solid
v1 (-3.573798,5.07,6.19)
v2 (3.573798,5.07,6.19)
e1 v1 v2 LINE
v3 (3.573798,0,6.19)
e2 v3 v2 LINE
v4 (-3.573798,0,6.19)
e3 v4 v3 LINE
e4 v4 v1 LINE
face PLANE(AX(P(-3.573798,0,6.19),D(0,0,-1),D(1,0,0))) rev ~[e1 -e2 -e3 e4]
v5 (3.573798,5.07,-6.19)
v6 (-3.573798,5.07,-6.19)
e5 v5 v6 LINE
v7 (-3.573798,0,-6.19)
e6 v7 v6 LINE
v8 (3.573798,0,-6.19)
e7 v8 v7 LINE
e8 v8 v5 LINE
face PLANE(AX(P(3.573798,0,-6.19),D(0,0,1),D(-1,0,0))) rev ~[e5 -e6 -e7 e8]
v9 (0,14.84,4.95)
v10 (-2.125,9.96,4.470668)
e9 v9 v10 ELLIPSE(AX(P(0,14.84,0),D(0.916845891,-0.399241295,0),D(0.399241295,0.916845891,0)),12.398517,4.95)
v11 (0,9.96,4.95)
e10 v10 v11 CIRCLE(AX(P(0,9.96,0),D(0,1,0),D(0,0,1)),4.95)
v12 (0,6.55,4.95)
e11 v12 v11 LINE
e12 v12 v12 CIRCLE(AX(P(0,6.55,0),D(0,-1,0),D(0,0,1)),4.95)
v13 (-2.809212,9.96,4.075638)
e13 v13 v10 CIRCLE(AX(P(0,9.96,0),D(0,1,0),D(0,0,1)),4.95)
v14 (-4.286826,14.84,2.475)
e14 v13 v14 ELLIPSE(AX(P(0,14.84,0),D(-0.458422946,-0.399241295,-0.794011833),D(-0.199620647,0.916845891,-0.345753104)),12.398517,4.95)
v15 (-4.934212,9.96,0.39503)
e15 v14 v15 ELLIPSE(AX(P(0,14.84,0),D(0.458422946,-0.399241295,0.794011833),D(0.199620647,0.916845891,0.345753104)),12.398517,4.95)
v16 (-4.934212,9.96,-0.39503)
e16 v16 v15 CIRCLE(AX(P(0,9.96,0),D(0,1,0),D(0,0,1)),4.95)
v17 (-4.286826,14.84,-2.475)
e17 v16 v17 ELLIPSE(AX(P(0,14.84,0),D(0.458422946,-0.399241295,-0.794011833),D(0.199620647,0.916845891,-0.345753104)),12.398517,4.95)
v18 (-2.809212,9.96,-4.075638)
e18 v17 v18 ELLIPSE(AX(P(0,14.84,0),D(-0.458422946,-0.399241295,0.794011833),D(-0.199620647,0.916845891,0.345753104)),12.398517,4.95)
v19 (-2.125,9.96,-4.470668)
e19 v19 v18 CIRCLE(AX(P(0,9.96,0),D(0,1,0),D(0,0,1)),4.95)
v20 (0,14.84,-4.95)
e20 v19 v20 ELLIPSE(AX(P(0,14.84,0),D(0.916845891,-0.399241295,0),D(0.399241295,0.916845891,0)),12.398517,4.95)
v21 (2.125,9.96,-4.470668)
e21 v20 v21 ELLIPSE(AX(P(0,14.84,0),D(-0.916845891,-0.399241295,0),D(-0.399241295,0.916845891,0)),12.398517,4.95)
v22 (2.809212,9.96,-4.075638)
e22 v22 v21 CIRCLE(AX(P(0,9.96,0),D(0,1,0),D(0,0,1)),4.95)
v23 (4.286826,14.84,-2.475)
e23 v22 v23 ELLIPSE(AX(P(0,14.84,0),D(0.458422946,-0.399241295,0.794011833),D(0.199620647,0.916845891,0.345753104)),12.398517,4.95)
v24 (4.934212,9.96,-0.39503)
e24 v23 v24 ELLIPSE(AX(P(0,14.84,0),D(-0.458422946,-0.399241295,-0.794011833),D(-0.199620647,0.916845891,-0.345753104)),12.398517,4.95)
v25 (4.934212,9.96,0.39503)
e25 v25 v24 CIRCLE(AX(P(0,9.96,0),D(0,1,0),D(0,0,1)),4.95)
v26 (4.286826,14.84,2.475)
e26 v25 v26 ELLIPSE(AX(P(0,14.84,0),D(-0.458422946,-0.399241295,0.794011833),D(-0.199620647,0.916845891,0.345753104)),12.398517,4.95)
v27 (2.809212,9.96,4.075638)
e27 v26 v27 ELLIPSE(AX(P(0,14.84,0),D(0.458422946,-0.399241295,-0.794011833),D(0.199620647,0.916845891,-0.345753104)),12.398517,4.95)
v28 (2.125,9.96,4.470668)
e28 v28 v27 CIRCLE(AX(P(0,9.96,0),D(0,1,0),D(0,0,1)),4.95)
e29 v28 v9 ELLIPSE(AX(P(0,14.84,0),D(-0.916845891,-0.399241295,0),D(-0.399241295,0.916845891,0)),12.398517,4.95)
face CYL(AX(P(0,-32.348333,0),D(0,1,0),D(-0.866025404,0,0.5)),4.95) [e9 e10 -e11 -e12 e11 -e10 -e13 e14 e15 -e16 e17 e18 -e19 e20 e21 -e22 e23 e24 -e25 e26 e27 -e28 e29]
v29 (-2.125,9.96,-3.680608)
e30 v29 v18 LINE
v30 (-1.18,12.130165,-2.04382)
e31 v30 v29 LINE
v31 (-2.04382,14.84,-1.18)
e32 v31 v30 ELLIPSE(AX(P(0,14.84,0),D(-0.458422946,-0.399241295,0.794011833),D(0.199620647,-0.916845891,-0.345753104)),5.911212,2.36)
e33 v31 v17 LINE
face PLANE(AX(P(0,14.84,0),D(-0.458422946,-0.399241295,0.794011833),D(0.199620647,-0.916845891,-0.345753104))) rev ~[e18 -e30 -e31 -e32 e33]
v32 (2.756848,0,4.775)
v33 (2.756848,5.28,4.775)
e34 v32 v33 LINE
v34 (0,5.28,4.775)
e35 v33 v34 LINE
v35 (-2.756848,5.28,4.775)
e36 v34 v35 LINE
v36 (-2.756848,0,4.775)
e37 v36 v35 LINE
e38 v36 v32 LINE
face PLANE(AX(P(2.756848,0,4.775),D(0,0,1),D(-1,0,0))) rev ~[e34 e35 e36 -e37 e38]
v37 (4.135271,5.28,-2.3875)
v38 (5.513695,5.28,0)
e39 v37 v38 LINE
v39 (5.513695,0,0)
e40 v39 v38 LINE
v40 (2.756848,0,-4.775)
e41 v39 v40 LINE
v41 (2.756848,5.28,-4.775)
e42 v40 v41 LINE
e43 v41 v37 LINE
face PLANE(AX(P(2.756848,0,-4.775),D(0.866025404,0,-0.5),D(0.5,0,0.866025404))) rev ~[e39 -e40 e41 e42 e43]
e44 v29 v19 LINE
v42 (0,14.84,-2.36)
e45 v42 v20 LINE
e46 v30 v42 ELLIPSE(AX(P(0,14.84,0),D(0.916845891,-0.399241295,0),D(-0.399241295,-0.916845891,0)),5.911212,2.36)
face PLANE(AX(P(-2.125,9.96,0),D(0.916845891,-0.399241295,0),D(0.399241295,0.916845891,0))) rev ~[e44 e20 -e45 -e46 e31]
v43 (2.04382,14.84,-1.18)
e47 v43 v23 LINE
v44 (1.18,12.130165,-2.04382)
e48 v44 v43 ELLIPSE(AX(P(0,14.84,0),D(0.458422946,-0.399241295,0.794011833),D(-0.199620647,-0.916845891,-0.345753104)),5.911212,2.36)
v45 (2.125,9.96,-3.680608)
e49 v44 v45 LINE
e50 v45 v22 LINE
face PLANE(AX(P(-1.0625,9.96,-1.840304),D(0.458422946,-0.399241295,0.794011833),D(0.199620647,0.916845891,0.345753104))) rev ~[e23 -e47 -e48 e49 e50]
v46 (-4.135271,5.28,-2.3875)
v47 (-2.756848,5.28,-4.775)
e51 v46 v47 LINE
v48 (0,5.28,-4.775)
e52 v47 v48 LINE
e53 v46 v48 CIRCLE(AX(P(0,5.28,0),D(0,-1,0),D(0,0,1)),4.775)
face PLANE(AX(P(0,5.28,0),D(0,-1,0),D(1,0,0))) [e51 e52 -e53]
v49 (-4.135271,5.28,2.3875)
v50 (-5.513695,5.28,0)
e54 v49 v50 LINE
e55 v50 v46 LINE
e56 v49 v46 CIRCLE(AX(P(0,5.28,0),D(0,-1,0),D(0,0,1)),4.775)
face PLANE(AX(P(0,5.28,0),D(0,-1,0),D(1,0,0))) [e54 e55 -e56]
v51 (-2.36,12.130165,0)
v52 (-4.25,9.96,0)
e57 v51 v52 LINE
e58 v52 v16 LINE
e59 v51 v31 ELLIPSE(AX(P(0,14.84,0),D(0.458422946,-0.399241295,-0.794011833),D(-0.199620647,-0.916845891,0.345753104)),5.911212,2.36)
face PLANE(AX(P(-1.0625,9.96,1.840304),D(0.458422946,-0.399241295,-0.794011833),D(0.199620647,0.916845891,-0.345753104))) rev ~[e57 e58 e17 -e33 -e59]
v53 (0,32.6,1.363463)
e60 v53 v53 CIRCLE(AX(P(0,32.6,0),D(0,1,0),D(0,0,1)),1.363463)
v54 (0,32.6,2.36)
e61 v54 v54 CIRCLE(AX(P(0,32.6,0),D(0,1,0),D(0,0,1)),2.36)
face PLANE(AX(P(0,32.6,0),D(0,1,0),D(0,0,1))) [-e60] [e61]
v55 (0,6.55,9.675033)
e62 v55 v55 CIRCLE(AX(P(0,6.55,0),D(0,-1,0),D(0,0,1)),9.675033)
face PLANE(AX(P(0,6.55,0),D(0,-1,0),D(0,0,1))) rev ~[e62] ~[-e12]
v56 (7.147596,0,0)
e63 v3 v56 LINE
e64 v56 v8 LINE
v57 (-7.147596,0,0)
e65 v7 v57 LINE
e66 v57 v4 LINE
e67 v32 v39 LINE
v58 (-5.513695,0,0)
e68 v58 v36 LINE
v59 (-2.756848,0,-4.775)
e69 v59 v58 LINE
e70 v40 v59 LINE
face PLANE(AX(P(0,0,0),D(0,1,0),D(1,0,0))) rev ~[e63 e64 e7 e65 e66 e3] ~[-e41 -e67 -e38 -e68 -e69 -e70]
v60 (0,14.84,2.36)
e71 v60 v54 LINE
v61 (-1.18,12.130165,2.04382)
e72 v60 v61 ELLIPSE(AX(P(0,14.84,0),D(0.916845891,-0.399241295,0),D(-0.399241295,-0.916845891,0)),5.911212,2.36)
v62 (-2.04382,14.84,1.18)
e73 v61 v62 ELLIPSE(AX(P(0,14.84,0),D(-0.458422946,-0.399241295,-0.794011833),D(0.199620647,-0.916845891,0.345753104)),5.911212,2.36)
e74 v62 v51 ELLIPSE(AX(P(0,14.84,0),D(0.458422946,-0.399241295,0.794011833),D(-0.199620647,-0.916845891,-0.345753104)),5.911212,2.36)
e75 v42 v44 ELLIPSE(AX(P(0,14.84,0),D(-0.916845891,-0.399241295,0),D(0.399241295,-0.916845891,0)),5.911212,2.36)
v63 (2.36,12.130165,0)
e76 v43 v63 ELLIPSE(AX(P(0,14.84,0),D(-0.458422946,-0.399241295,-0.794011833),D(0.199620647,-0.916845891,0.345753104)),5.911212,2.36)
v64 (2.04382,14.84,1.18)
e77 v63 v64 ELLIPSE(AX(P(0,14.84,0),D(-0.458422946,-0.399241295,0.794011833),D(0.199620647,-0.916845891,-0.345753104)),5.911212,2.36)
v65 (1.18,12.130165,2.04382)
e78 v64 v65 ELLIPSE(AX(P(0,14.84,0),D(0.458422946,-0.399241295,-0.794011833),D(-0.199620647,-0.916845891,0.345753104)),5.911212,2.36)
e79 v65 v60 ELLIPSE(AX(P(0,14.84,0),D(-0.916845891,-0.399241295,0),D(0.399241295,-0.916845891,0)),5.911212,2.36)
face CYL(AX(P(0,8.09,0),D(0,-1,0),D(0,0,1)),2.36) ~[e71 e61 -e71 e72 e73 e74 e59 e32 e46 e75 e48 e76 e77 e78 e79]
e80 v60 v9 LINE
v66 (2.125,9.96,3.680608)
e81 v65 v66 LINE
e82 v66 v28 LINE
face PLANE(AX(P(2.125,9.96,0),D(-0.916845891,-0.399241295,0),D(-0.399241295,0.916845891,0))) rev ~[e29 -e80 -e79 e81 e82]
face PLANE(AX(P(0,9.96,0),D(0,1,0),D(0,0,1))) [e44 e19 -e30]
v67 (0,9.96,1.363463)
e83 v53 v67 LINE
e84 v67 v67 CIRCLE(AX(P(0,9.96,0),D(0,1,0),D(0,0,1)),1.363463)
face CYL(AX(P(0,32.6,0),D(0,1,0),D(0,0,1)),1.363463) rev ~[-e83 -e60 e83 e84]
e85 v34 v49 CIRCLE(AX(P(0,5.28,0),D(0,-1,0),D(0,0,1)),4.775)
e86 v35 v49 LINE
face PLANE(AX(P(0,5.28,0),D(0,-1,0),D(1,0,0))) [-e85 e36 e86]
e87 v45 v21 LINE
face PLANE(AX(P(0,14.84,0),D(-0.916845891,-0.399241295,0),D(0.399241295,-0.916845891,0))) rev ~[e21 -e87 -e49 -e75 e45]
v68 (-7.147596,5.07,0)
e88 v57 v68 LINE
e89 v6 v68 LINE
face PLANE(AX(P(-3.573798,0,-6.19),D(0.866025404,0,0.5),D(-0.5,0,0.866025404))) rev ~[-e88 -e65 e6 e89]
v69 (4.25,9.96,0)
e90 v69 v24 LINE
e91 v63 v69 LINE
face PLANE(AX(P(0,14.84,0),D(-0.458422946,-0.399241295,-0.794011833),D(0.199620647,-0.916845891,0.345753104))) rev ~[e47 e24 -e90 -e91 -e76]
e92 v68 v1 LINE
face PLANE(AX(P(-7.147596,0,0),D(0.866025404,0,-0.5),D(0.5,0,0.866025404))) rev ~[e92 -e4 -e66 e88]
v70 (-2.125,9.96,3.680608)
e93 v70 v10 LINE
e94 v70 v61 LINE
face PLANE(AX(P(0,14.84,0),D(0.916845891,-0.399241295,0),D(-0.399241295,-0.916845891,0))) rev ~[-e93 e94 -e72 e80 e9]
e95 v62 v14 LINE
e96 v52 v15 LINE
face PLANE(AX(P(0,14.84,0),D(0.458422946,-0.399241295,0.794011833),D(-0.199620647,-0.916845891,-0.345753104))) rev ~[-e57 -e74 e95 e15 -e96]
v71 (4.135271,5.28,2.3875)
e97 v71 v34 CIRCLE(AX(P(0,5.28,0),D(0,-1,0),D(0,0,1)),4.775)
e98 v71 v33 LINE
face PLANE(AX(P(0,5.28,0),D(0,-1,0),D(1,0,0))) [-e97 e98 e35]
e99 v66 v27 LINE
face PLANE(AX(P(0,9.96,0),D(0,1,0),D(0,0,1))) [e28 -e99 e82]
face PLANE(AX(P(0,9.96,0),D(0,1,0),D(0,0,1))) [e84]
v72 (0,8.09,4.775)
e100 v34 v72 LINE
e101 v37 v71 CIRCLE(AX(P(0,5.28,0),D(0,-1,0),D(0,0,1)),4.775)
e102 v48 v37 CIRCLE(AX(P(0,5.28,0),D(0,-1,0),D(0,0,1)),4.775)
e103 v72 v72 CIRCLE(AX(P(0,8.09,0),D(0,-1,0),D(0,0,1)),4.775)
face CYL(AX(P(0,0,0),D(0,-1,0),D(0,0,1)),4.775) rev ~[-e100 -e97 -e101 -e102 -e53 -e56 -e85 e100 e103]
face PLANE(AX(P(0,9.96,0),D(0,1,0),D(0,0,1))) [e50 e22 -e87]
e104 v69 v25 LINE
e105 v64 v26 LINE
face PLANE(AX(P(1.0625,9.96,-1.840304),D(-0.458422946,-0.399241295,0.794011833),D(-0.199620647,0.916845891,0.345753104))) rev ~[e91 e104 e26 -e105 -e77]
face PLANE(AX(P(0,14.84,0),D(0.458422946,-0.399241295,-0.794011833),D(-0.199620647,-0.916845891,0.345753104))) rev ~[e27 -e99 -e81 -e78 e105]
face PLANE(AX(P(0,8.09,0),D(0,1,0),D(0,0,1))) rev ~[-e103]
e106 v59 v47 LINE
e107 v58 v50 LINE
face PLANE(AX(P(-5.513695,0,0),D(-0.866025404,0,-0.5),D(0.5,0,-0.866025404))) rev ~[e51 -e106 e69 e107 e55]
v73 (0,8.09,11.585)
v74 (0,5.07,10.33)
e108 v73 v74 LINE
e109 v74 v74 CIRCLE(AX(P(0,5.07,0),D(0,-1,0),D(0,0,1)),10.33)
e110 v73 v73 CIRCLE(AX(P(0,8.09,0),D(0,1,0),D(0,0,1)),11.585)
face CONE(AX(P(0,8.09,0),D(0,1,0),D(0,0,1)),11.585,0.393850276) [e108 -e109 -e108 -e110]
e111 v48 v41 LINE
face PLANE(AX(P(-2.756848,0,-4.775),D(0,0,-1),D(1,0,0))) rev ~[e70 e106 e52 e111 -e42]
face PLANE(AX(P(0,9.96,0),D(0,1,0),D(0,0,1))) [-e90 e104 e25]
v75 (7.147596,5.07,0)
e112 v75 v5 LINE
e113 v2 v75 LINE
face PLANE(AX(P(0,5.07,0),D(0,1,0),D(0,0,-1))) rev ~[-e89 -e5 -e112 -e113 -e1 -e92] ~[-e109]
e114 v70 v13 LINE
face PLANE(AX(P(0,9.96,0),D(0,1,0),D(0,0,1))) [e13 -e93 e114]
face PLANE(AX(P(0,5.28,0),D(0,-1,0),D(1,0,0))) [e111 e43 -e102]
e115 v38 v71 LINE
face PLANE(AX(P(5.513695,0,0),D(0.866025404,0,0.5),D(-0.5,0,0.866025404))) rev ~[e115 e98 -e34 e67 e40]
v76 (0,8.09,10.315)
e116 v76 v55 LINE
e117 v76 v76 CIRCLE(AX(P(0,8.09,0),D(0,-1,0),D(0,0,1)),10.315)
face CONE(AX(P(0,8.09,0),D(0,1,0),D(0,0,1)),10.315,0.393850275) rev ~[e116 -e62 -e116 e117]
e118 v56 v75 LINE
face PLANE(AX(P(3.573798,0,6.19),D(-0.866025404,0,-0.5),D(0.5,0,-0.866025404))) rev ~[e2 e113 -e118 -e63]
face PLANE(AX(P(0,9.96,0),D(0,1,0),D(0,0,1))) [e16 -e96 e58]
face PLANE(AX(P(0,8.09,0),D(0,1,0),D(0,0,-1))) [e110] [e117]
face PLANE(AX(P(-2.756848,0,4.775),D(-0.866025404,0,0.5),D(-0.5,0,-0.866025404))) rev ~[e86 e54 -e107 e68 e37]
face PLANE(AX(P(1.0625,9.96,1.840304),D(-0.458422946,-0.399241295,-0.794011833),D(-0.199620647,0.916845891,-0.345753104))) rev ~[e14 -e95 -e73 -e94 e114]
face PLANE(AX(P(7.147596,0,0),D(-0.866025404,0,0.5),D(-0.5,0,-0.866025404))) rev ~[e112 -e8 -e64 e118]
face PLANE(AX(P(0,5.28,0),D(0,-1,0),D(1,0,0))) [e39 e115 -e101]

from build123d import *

# Parameters (mm, degrees)
BOSS_EXTRUDE1_DEPTH      = 5.07
SKETCH2_R                = 11.585
BOSS_EXTRUDE2_DEPTH      = 3.02
CUT_EXTRUDE3_DEPTH       = 5.28
SKETCH12_R               = 4.775
CUT_EXTRUDE4_DEPTH       = 8.48
SKETCH14_R               = 2.36
BOSS_EXTRUDE5_DEPTH      = 24.51
SKETCH15_R               = 4.95
BOSS_EXTRUDE6_DEPTH      = 1.87
BOSS_EXTRUDE7_REACH      = 38.485
BOSS_EXTRUDE7_END_RADIUS = 4.95
CIRPATTERN2_COUNT        = 6
SKETCH17_R               = 1.363462741
CUT_EXTRUDE6_DEPTH       = 22.64


with BuildPart() as part:
    # Sketch1 → Boss-Extrude1 (new body)
    with BuildSketch(Plane(origin=(0, 0, 0), x_dir=(1, 0, 0), z_dir=(0, 1, 0))):
        Polygon((-3.573798166, 6.19), (-7.147596333, 0), (-3.573798166, -6.19), (3.573798166, -6.19), (7.147596333, 0), (3.573798166, 6.19), align=None)
    extrude(amount=BOSS_EXTRUDE1_DEPTH)

    # Sketch2 → Boss-Extrude2 (add)
    with BuildSketch(Plane(origin=(0, 5.07, 0), x_dir=(1, 0, 0), z_dir=(0, 1, 0))):
        with Locations(Location((0, 0, 0), (0, 0, 90))):
            Circle(SKETCH2_R)
    extrude(amount=BOSS_EXTRUDE2_DEPTH)

    # Sketch3 → Cut-Revolve1 (revolve, cut)
    with BuildSketch(Plane.XY, mode=Mode.PRIVATE) as cut_revolve1_sk:
        Polygon((10.33, 5.07), (11.585, 5.07), (11.585, 8.09), align=None)
    revolve(cut_revolve1_sk.sketch.rotate(Axis((0, 10.492775936, 0), (0, -1, 0)), 90), axis=Axis((0, 10.492775936, 0), (0, -1, 0)), mode=Mode.SUBTRACT)

    # Sketch5 → Cut-Revolve2 (revolve, cut)
    with BuildSketch(Plane.XY, mode=Mode.PRIVATE) as cut_revolve2_sk:
        Polygon((10.315, 8.09), (9.675033113, 6.55), (4.95, 6.55), (4.95, 8.27346303), (10.315, 8.27346303), align=None)
    revolve(cut_revolve2_sk.sketch.rotate(Axis((0, 10.346459419, 0), (0, -1, 0)), 90), axis=Axis((0, 10.346459419, 0), (0, -1, 0)), mode=Mode.SUBTRACT)

    # Sketch11 → Cut-Extrude3 (cut)
    with BuildSketch(Plane.XZ):
        Polygon((-2.756847535, 4.775), (-5.513695071, 0), (-2.756847535, -4.775), (2.756847535, -4.775), (5.513695071, 0), (2.756847535, 4.775), align=None)
    extrude(amount=-CUT_EXTRUDE3_DEPTH, mode=Mode.SUBTRACT)

    # Sketch12 → Cut-Extrude4 (cut)
    with BuildSketch(Plane.XZ):
        with Locations(Location((0, 0, 0), (0, 0, 90))):
            Circle(SKETCH12_R)
    extrude(amount=-CUT_EXTRUDE4_DEPTH, mode=Mode.SUBTRACT)



with BuildPart() as body_2:
    # Sketch14 → Boss-Extrude5 (new body)
    with BuildSketch(Plane(origin=(0, 8.09, 0), x_dir=(1, 0, 0), z_dir=(0, 1, 0))):
        with Locations(Location((0, 0, 0), (0, 0, 270))):
            Circle(SKETCH14_R)
    extrude(amount=BOSS_EXTRUDE5_DEPTH)


with BuildPart() as part_1:
    add(part.part)

    add(body_2.part)  # Boss-Extrude6 merges body 2
    # Sketch15 → Boss-Extrude6 (add)
    with BuildSketch(Plane(origin=(0, 8.09, 0), x_dir=(1, 0, 0), z_dir=(0, 1, 0))):
        with Locations(Location((0, 0, 0), (0, 0, 270))):
            Circle(SKETCH15_R)
    extrude(amount=BOSS_EXTRUDE6_DEPTH)

    # Boss-Extrude7: up to this cylinder (the profile starts inside it)
    boss_extrude7_end = Plane(origin=(0, 11.586667, 0), z_dir=(0, 1, 0)) * Cylinder(BOSS_EXTRUDE7_END_RADIUS, 87.87, mode=Mode.PRIVATE)
    # Sketch16 → Boss-Extrude7 (add, up to the surface)
    with BuildSketch(Plane.XY, mode=Mode.PRIVATE) as boss_extrude7_sk1:
        Polygon((0, 14.84), (-2.125, 9.96), (2.125, 9.96), align=None)
    boss_extrude7_tool1 = extrude(boss_extrude7_sk1.sketch, amount=BOSS_EXTRUDE7_REACH, mode=Mode.PRIVATE) & boss_extrude7_end
    boss_extrude7 = boss_extrude7_tool1.solids().sort_by_distance((0, 11.586667, 0))[0]
    add(boss_extrude7)

    # CirPattern2: Boss-Extrude7 ×6 about axis
    cirpattern2_axis = Axis((0, 0, 0), (0, 1, 0))
    for i in range(1, CIRPATTERN2_COUNT):
        add(boss_extrude7.rotate(cirpattern2_axis, i * 360 / CIRPATTERN2_COUNT))

    # Sketch17 → Cut-Extrude6 (cut)
    with BuildSketch(Plane(origin=(0, 32.6, 0), x_dir=(1, 0, 0), z_dir=(0, 1, 0))):
        with Locations(Location((0, 0, 0), (0, 0, 270))):
            Circle(SKETCH17_R)
    extrude(amount=-CUT_EXTRUDE6_DEPTH, mode=Mode.SUBTRACT)


solid = part_1.part
